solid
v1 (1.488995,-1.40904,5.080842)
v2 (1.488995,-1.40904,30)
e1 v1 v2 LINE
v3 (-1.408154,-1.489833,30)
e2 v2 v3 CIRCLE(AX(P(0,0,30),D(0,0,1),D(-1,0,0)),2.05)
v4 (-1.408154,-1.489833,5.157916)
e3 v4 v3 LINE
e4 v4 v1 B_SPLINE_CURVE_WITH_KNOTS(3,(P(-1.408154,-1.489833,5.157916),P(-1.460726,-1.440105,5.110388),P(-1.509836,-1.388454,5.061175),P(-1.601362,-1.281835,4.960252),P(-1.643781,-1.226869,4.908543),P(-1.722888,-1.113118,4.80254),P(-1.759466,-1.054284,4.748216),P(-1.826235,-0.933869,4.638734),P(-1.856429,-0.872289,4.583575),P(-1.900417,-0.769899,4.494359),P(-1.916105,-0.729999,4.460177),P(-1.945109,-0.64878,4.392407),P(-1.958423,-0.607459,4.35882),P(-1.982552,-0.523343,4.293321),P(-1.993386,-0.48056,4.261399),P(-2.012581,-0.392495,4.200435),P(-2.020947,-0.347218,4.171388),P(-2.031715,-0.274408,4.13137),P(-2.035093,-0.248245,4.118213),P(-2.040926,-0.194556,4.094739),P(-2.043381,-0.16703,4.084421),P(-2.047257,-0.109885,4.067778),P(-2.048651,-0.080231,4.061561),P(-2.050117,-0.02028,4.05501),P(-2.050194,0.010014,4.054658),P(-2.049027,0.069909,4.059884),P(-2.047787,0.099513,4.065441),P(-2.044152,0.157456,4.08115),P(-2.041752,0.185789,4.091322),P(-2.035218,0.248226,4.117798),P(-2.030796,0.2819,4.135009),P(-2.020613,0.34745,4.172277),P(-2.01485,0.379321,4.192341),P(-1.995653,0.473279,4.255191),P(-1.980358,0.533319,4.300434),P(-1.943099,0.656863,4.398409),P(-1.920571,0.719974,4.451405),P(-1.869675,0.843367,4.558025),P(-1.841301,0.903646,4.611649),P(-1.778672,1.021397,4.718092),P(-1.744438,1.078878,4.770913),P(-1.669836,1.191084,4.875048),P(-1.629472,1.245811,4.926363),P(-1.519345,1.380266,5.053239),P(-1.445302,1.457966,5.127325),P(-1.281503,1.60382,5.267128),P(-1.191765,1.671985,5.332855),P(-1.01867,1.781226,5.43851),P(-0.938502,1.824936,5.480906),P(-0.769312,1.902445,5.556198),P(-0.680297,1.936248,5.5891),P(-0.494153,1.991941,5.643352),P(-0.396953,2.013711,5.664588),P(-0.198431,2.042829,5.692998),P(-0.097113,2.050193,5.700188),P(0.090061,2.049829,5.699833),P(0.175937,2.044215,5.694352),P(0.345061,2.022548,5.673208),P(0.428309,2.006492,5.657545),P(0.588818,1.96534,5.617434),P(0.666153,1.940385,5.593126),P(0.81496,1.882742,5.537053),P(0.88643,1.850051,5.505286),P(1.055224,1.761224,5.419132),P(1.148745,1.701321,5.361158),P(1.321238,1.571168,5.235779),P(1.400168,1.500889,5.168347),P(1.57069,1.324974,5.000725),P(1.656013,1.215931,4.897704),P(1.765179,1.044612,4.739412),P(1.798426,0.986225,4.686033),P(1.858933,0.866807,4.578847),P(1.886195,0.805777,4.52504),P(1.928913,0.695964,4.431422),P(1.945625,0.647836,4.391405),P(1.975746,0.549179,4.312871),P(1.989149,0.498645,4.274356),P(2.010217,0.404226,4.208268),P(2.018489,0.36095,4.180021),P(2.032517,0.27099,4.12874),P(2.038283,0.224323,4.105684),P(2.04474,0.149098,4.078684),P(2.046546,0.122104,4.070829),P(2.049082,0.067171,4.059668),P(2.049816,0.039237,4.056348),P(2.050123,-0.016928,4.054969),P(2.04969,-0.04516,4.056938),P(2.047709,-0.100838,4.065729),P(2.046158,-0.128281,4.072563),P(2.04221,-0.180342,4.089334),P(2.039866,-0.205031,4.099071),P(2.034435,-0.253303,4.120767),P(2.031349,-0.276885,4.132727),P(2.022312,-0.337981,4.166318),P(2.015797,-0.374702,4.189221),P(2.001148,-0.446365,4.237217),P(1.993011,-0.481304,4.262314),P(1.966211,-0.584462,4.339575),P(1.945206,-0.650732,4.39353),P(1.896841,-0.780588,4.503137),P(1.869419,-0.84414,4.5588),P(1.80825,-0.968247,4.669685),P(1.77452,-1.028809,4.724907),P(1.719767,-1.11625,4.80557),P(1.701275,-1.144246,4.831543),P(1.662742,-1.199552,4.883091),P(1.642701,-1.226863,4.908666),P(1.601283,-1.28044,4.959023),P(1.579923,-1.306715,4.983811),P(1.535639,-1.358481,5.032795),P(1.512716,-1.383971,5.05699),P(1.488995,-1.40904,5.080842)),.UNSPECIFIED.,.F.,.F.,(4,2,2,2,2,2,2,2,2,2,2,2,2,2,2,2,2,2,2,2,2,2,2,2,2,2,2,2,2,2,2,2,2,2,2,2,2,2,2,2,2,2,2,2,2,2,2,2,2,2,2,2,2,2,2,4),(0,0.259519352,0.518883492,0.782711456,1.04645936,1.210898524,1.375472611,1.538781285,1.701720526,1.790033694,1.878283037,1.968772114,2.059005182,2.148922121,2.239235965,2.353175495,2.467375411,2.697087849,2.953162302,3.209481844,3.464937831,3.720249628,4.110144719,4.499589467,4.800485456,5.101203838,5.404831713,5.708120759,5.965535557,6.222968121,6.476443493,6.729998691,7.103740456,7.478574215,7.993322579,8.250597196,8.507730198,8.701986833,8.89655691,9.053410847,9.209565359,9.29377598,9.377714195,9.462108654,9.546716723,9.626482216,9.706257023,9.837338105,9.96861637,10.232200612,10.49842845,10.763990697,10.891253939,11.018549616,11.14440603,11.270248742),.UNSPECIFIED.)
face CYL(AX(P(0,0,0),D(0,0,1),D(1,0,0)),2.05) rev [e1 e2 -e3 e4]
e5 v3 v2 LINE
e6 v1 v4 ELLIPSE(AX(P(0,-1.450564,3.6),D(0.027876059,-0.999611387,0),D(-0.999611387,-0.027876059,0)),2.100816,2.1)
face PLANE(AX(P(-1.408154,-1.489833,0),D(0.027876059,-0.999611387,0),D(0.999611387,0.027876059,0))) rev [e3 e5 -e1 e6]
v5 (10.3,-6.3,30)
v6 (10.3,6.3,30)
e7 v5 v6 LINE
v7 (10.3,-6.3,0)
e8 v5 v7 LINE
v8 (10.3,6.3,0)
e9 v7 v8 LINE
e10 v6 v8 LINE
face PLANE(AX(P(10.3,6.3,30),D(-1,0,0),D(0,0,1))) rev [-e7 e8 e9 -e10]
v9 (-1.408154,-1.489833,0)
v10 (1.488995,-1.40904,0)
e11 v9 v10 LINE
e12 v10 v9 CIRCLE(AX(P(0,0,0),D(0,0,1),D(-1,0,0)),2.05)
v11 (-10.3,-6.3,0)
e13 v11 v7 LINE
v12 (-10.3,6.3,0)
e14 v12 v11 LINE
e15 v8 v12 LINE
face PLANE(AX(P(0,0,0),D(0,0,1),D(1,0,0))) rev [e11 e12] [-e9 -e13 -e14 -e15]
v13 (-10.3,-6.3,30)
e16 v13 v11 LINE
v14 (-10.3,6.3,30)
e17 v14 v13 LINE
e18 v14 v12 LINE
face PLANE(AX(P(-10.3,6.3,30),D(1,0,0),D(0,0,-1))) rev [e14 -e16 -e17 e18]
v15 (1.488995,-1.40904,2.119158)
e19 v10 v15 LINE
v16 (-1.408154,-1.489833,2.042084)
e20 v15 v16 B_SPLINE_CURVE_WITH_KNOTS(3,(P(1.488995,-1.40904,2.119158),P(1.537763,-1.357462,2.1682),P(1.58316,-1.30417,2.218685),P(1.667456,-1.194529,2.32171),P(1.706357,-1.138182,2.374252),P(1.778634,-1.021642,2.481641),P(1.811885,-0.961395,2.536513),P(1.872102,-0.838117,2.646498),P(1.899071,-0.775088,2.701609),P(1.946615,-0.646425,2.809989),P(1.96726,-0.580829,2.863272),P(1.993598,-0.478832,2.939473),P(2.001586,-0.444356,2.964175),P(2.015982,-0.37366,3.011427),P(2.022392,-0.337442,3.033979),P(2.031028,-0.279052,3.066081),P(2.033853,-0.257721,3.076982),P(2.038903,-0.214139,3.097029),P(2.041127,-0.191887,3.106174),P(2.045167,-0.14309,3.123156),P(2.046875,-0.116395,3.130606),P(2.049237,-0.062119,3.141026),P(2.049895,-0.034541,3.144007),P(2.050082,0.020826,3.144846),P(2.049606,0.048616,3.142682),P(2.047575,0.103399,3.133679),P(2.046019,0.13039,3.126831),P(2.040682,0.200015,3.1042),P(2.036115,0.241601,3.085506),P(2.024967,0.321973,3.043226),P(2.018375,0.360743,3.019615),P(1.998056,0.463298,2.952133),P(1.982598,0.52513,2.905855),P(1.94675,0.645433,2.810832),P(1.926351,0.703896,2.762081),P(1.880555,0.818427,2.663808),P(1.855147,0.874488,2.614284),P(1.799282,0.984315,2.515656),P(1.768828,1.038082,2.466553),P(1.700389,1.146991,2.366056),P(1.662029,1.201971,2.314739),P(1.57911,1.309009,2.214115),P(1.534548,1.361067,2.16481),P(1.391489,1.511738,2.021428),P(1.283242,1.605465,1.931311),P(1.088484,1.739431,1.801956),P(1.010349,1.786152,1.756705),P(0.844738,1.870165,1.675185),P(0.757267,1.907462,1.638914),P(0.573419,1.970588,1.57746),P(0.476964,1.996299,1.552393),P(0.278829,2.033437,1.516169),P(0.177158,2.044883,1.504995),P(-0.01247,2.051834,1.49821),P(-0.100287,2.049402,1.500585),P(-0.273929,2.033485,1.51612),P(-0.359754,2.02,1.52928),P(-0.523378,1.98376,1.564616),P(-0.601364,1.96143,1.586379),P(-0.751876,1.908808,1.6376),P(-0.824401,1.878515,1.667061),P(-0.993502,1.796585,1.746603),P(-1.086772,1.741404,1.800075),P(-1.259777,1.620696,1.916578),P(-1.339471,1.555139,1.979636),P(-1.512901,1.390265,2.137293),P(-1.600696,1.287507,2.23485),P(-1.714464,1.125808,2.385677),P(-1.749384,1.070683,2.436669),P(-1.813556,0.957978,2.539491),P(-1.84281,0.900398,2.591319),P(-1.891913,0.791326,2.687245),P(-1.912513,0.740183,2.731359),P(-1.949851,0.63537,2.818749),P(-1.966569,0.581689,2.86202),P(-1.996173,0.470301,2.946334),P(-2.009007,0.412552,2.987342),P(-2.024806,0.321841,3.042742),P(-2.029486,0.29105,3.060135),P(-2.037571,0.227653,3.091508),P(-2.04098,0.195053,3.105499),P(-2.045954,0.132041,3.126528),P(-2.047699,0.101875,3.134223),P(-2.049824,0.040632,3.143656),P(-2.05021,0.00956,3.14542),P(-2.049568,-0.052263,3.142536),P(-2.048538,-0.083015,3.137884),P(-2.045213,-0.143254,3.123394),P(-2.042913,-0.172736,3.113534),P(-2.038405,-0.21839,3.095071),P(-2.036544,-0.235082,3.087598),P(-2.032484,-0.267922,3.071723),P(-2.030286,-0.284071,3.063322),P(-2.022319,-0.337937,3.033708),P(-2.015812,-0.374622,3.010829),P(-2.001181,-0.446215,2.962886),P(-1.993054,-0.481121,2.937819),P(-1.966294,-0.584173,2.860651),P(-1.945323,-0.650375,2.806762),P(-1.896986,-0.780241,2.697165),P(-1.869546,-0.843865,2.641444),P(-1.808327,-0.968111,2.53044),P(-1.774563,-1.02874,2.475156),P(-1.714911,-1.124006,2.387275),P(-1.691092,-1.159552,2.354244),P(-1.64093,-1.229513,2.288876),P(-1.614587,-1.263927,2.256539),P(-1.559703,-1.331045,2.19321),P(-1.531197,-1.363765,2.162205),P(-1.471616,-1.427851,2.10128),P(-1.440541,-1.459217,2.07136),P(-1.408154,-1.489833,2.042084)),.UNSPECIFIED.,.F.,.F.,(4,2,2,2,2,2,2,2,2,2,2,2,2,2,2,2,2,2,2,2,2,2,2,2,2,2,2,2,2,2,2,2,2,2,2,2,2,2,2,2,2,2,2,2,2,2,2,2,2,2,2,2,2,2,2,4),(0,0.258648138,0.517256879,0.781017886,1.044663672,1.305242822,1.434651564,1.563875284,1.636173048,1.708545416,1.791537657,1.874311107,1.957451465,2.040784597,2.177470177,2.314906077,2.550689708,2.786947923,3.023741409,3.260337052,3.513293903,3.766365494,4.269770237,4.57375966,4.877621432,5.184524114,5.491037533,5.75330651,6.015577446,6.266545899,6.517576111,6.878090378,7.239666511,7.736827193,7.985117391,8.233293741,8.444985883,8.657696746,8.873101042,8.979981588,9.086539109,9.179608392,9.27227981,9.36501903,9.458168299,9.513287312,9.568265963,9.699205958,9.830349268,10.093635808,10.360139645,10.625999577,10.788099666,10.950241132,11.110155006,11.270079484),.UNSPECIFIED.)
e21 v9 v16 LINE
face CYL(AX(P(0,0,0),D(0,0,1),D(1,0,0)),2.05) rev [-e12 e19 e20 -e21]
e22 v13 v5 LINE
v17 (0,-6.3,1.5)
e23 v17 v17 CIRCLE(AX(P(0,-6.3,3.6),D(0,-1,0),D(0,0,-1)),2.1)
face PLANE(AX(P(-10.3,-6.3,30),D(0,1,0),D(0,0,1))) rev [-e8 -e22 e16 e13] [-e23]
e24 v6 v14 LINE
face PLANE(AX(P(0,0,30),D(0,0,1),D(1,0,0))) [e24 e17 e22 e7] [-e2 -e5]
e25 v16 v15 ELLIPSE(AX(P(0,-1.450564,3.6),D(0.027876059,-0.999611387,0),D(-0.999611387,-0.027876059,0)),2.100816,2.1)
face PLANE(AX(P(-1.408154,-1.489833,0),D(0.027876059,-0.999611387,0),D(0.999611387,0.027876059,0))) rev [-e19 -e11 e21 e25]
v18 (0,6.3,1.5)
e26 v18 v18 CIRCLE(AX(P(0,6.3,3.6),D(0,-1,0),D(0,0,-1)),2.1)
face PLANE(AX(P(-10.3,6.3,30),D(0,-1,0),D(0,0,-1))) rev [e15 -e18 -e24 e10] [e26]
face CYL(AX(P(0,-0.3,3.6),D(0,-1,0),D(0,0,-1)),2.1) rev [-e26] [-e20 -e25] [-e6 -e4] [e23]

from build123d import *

# Parameters (mm, degrees)
SKETCH_2_W          = 20.6
SKETCH_2_H          = 12.6
EXTRUDE_1_DEPTH     = 30
CUT_EXTRUDE_1_DEPTH = 30
SKETCH_4_R          = 2.1
CUT_EXTRUDE_3_DEPTH = 6
SKETCH_6_R          = 2.1
CUT_EXTRUDE_4_DEPTH = 30


with BuildPart() as part:
    # Эскиз2 → Бобышка-Вытянуть1 (new body)
    with BuildSketch(Plane.XY):
        Rectangle(SKETCH_2_W, SKETCH_2_H)
    extrude(amount=EXTRUDE_1_DEPTH)

    # Эскиз3 → Вырез-Вытянуть1 (cut)
    with BuildSketch(Plane.XY.offset(30)):
        with BuildLine():
            Line((-1.408154236, -1.489832758), (1.488994806, -1.409040265))
            ThreePointArc((1.488994806, -1.409040265), (-0.05714592, 2.049203344), (-1.408154236, -1.489832758))
        make_face()
    extrude(amount=-CUT_EXTRUDE_1_DEPTH, mode=Mode.SUBTRACT)

    # Эскиз4 → Вырез-Вытянуть3 (cut)
    with BuildSketch(Plane.XZ.offset(6.3)):
        with Locations(Location((0, 3.6, 0), (0, 0, 270))):
            Circle(SKETCH_4_R)
    extrude(amount=-CUT_EXTRUDE_3_DEPTH, mode=Mode.SUBTRACT)

    # Эскиз6 → Вырез-Вытянуть4 (cut)
    with BuildSketch(Plane.XZ.offset(6.3)):
        with Locations(Location((0, 3.6, 0), (0, 0, 270))):
            Circle(SKETCH_6_R)
    extrude(amount=-CUT_EXTRUDE_4_DEPTH, mode=Mode.SUBTRACT)


solid = part.part
